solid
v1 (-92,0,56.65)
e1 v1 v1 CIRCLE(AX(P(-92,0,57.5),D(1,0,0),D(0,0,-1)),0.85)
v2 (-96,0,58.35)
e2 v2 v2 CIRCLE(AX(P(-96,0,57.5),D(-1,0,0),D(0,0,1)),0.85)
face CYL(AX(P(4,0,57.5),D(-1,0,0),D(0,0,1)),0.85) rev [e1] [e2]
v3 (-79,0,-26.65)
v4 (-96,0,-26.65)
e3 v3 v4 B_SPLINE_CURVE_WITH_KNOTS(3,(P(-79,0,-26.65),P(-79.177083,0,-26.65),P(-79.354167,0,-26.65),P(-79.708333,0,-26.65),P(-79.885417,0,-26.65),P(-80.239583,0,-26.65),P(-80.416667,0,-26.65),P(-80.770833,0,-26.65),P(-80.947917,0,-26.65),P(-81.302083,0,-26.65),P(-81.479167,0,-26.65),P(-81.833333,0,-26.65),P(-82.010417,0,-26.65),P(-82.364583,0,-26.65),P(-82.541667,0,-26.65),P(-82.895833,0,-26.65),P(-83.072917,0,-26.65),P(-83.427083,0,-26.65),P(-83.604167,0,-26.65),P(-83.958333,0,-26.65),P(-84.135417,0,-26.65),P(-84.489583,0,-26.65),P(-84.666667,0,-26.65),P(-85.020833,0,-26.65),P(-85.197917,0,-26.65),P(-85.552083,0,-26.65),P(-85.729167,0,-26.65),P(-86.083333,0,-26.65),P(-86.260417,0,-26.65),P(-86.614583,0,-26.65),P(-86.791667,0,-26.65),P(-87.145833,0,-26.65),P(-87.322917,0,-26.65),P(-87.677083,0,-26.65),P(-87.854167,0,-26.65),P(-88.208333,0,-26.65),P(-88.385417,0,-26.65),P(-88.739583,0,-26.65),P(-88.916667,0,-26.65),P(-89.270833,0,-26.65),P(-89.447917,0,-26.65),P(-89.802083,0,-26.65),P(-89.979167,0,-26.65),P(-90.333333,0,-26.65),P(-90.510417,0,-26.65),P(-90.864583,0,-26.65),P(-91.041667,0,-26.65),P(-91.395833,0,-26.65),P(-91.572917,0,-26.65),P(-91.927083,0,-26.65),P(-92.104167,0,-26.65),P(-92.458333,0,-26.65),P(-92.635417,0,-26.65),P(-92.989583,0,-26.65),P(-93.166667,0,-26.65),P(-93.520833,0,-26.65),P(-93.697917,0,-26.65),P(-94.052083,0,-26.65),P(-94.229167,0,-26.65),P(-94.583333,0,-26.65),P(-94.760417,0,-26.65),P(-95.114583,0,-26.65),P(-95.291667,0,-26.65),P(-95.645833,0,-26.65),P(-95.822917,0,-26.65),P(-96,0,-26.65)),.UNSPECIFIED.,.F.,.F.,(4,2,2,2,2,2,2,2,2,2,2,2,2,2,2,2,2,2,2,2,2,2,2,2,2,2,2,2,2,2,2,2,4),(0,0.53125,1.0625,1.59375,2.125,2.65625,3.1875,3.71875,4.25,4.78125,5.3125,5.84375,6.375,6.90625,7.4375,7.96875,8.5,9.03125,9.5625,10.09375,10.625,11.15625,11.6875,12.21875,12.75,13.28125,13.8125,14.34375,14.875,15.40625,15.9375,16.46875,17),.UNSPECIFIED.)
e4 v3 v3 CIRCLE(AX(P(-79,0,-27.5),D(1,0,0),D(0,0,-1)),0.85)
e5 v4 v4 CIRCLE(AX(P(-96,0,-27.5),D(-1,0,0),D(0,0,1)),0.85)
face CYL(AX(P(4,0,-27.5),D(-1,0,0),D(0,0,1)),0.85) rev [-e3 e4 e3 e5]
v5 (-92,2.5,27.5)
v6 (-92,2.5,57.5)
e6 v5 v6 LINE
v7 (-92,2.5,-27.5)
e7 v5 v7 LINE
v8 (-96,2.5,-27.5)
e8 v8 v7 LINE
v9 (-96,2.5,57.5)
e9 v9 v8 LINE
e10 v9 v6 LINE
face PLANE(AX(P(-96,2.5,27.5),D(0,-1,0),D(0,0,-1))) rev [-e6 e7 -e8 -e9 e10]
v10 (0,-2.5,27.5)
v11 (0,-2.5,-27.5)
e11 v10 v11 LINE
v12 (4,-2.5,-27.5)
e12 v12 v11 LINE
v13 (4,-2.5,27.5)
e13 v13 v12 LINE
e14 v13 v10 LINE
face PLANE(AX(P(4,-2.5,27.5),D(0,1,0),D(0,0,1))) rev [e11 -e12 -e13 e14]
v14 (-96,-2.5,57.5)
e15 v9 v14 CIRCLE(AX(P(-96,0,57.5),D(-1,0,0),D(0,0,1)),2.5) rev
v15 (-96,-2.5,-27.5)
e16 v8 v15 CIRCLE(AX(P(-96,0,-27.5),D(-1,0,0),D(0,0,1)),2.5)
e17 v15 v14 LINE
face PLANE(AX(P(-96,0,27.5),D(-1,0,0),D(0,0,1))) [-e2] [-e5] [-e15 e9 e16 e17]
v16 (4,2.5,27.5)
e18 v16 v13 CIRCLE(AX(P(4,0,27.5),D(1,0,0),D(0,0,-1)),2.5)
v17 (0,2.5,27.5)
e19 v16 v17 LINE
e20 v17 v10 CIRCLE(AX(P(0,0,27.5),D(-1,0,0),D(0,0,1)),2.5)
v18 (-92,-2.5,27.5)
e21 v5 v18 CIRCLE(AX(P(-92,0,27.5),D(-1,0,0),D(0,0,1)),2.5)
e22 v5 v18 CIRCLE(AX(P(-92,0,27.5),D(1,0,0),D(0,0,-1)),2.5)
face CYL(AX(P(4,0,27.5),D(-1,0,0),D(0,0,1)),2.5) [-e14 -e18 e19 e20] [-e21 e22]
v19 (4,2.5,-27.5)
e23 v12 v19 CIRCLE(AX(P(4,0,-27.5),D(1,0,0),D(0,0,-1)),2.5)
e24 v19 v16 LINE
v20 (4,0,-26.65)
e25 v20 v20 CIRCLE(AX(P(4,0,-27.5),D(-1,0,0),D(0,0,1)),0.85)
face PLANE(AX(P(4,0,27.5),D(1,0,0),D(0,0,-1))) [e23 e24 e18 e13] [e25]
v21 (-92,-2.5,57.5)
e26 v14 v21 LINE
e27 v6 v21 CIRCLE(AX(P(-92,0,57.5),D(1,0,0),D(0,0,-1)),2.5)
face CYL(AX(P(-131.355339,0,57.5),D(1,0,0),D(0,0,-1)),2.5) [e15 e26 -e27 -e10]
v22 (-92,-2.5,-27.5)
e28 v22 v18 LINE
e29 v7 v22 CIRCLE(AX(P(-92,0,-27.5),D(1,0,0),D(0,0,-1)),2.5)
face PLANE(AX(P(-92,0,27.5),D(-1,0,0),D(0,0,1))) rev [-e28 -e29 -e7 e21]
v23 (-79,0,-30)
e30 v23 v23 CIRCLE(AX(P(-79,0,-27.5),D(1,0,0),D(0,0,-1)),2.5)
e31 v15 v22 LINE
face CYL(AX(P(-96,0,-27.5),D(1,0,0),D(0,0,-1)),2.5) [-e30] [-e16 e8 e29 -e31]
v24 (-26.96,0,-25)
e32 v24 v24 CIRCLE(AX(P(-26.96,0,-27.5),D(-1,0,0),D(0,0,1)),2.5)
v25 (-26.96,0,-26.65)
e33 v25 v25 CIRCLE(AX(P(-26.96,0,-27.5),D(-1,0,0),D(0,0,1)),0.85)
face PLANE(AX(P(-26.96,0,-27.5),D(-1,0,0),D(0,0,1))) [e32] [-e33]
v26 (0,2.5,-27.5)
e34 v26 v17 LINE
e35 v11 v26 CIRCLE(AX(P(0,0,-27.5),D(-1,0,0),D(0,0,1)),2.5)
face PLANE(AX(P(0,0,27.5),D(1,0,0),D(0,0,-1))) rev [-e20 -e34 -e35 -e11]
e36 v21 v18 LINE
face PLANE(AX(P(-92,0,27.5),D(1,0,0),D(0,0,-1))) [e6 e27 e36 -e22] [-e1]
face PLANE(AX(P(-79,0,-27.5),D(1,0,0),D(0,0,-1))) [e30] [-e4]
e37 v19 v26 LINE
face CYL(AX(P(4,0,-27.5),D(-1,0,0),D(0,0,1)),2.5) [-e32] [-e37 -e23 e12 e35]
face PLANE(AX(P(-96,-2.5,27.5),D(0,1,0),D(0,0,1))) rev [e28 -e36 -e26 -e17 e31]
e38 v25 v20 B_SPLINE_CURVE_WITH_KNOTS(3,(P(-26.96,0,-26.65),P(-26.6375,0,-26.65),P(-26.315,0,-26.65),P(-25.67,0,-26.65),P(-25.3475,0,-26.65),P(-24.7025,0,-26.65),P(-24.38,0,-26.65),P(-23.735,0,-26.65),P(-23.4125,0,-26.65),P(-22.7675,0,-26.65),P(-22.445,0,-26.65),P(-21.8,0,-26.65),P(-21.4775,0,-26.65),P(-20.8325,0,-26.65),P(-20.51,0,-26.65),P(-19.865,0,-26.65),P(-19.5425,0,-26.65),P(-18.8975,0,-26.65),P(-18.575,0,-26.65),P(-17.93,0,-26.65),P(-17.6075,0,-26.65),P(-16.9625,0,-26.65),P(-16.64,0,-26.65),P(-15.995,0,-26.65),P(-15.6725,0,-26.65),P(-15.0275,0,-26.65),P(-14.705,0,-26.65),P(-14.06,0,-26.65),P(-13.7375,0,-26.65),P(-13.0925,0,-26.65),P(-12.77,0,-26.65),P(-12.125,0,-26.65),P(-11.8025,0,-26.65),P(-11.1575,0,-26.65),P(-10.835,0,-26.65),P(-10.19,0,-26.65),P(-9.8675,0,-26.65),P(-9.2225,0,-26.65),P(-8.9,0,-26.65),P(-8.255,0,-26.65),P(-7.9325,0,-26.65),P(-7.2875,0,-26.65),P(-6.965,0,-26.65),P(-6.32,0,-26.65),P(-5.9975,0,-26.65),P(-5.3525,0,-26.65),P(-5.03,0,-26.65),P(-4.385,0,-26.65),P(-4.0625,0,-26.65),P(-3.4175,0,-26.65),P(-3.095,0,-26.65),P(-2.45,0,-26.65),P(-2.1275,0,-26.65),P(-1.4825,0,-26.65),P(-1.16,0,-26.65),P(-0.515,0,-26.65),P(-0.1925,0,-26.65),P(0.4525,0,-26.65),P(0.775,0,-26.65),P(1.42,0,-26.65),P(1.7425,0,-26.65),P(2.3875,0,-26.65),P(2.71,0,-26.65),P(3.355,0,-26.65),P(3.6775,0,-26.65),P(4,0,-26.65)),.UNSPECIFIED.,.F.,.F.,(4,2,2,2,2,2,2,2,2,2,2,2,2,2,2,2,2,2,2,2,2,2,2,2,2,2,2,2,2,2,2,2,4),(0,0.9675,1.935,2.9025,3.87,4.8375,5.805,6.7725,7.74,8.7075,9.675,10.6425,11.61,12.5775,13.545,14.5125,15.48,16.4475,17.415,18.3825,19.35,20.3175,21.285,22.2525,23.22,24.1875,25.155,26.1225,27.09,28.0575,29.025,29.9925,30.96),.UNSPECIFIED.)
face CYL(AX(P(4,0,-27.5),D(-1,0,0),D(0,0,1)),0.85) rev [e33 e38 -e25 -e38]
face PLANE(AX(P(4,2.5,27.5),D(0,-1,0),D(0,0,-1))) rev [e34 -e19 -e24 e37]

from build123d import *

# Parameters (mm, degrees)
RESSALTO_EXTRUS_O1_DEPTH   = 4
RESSALTO_EXTRUS_O2_START   = 26.96
ESBO_O2_R                  = 2.5
RESSALTO_EXTRUS_O2_DEPTH   = 26.96
RESSALTO_EXTRUS_O3_START   = 92
ESBO_O5_R                  = 2.5
RESSALTO_EXTRUS_O3_DEPTH   = 92
RESSALTO_EXTRUS_O4_START   = 4
RESSALTO_EXTRUS_O4_DEPTH   = 4
ESBO_O7_R                  = 2.5
RESSALTO_EXTRUS_O5_DEPTH   = 13
RESSALTO_EXTRUS_O6_START   = -4
RESSALTO_EXTRUS_O6_DEPTH   = 4
CORTE_EXTRUS_O1_DEPTH      = 92.502850229
CORTE_EXTRUS_O1_DEPTH_BACK = 92.502850229
ESBO_O3_R                  = 0.85
CORTE_EXTRUS_O2_DEPTH      = 117.645831473
CORTE_EXTRUS_O2_DEPTH_BACK = 117.645831473
ESBO_O4_R                  = 0.85


with BuildPart() as part:
    # Esboço1 → Ressalto-extrusão1 (new body)
    with BuildSketch(Plane(origin=(0, 0, 0), x_dir=(0, 0, -1), z_dir=(1, 0, 0))):
        with BuildLine():
            Line((-27.5, 2.5), (27.5, 2.5))
            ThreePointArc((27.5, 2.5), (30, 0), (27.5, -2.5))
            Line((27.5, -2.5), (-27.5, -2.5))
            ThreePointArc((-27.5, -2.5), (-30, 0), (-27.5, 2.5))
        make_face()
    extrude(amount=RESSALTO_EXTRUS_O1_DEPTH)

    # Esboço2 → Ressalto-extrusão2 (add)
    with BuildSketch(Plane.ZY.offset(RESSALTO_EXTRUS_O2_START)):
        with Locations((-27.5, 0)):
            Circle(ESBO_O2_R)
    extrude(amount=-RESSALTO_EXTRUS_O2_DEPTH)

    # Esboço5 → Ressalto-extrusão3 (add)
    with BuildSketch(Plane.ZY.offset(RESSALTO_EXTRUS_O3_START)):
        with Locations((27.5, 0)):
            Circle(ESBO_O5_R)
    extrude(amount=-RESSALTO_EXTRUS_O3_DEPTH)

    # Esboço6 → Ressalto-extrusão4 (add)
    with BuildSketch(Plane.ZY.offset(92).offset(RESSALTO_EXTRUS_O4_START)):
        with BuildLine():
            Line((27.5, -2.5), (-27.5, -2.5))
            ThreePointArc((-27.5, -2.5), (-30, 0), (-27.5, 2.5))
            Line((-27.5, 2.5), (27.5, 2.5))
            ThreePointArc((27.5, 2.5), (30, 0), (27.5, -2.5))
        make_face()
    extrude(amount=-RESSALTO_EXTRUS_O4_DEPTH)

    # Esboço7 → Ressalto-extrusão5 (add)
    with BuildSketch(Plane(origin=(-92, 0, 0), x_dir=(0, 0, -1), z_dir=(1, 0, 0))):
        with Locations(Location((27.5, 0, 0), (0, 0, 180))):
            Circle(ESBO_O7_R)
    extrude(amount=RESSALTO_EXTRUS_O5_DEPTH)

    # Esboço8 → Ressalto-extrusão6 (add)
    with BuildSketch(Plane(origin=(-92, 0, 0), x_dir=(0, 0, -1), z_dir=(1, 0, 0)).offset(RESSALTO_EXTRUS_O6_START)):
        with BuildLine():
            Line((-27.5, -2.5), (-57.5, -2.5))
            ThreePointArc((-57.5, -2.5), (-60, 0), (-57.5, 2.5))
            Line((-57.5, 2.5), (-27.5, 2.5))
            ThreePointArc((-27.5, 2.5), (-25, 0), (-27.5, -2.5))
        make_face()
    extrude(amount=RESSALTO_EXTRUS_O6_DEPTH)

    # Esboço3 → Corte-extrusão1 (cut, two sides: drawn at the far end of the back side and taken through both)
    with BuildSketch(Plane.ZY.offset(26.96).offset(-CORTE_EXTRUS_O1_DEPTH_BACK)):
        with Locations((-27.5, 0)):
            Circle(ESBO_O3_R)
    extrude(amount=CORTE_EXTRUS_O1_DEPTH + CORTE_EXTRUS_O1_DEPTH_BACK, mode=Mode.SUBTRACT)

    # Esboço4 → Corte-extrusão2 (cut, two sides: drawn at the far end of the back side and taken through both)
    with BuildSketch(Plane.ZY.offset(96).offset(-CORTE_EXTRUS_O2_DEPTH_BACK)):
        with Locations((57.5, 0)):
            Circle(ESBO_O4_R)
    extrude(amount=CORTE_EXTRUS_O2_DEPTH + CORTE_EXTRUS_O2_DEPTH_BACK, mode=Mode.SUBTRACT)


solid = part.part
